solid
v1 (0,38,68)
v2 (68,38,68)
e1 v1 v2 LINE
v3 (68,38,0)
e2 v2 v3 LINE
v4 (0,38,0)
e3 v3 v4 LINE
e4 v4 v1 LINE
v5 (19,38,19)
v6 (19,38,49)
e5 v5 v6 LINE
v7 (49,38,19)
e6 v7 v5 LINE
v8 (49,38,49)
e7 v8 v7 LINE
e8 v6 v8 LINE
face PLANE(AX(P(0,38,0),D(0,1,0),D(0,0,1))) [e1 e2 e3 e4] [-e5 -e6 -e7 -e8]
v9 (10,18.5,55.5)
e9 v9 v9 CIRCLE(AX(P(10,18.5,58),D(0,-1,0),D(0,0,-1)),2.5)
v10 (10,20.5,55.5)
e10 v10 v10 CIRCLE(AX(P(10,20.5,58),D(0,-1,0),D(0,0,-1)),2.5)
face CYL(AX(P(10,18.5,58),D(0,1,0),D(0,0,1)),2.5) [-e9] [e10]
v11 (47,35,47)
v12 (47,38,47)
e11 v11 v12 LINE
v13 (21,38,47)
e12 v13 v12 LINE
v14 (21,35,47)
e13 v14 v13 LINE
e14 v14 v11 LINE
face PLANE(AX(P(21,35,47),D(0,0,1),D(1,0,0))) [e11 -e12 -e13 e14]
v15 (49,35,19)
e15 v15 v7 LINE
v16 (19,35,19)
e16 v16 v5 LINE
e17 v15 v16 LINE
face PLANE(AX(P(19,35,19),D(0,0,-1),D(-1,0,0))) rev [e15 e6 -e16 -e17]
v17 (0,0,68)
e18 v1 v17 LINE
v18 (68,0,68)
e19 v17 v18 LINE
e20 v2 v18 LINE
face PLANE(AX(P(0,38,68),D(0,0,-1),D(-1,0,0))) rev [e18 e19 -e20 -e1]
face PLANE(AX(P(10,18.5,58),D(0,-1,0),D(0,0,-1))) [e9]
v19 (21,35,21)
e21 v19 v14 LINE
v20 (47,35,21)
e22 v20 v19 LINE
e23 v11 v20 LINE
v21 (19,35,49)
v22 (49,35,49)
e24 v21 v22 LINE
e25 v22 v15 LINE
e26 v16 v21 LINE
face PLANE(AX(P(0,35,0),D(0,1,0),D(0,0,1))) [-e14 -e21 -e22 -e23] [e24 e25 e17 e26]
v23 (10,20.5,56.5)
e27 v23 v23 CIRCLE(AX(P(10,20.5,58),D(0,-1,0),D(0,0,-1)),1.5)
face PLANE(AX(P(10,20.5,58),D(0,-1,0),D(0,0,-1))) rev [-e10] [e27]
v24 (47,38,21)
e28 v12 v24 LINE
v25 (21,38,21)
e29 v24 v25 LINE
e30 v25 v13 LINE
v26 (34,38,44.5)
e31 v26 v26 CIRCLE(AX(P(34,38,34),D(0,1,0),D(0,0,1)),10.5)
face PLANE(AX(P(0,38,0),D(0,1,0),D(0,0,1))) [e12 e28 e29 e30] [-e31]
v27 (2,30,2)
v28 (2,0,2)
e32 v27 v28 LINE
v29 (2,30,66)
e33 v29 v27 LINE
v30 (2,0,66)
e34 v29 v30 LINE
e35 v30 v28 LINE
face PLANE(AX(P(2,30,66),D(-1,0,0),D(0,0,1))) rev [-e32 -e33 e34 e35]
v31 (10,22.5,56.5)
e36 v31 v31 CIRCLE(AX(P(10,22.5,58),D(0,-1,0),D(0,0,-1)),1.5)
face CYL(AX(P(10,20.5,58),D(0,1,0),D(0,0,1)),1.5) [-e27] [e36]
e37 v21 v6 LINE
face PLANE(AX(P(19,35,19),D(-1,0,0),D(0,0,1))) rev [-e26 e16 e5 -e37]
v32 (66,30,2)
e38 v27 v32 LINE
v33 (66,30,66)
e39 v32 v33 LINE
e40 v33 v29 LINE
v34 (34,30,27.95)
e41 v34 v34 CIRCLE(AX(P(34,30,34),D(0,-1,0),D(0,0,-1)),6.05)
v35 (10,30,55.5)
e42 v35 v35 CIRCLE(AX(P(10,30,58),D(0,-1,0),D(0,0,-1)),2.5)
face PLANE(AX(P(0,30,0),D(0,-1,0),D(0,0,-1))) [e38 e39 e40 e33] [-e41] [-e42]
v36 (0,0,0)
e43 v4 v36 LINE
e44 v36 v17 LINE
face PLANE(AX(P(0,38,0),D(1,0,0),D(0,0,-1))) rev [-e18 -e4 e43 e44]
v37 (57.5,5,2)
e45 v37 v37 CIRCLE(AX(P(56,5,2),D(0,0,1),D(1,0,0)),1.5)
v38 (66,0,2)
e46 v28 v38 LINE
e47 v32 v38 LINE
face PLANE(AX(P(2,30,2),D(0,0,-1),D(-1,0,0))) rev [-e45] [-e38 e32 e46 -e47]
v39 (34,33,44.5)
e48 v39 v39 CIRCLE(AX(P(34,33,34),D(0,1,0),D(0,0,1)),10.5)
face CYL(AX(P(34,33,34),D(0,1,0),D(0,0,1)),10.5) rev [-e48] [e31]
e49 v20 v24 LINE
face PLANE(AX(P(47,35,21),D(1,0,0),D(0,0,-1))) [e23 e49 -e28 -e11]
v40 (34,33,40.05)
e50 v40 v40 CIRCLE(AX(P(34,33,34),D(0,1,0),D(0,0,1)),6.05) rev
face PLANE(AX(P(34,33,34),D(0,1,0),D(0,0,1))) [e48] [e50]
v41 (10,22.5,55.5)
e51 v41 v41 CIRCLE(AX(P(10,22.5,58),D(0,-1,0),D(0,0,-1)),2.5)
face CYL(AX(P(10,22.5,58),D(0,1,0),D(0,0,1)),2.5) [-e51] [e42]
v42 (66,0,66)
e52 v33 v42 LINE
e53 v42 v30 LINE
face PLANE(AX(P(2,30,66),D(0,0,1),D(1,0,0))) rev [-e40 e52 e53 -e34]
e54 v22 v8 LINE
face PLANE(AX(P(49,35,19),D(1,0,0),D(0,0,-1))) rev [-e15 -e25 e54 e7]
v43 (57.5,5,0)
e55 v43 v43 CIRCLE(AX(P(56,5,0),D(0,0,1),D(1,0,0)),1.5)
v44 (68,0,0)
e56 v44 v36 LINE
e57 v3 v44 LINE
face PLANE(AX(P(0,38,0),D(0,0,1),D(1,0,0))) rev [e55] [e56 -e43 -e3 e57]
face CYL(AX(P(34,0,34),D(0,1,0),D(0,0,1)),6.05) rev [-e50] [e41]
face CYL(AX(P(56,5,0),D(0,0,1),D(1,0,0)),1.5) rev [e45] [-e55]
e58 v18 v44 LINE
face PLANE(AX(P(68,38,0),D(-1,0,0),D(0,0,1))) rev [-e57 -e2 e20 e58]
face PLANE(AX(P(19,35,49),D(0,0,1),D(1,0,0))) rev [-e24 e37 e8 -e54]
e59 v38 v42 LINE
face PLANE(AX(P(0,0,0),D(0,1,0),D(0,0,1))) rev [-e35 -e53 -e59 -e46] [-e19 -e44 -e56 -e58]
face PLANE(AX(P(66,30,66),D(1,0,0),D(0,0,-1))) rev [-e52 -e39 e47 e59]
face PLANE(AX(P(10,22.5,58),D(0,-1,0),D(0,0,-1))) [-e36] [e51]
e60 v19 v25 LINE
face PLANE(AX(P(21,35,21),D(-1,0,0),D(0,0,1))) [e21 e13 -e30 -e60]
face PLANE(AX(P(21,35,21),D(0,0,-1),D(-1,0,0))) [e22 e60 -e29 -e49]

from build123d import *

# Parameters (mm, degrees)
SKETCH2_W           = 68
SKETCH2_H           = 68
BOSS_EXTRUDE1_DEPTH = 38
SKETCH3_W           = 64
SKETCH3_H           = 64
CUT_EXTRUDE1_DEPTH  = 30
SKETCH5_W           = 30
SKETCH5_H           = 30
SKETCH5_W_2         = 26
SKETCH5_H_2         = 26
CUT_EXTRUDE2_DEPTH  = 3
SKETCH6_R           = 6.05
CUT_EXTRUDE3_DEPTH  = 39
SKETCH7_R           = 10.5
CUT_EXTRUDE4_DEPTH  = 5
SKETCH8_R           = 1.5
CUT_EXTRUDE5_DEPTH  = 3
SKETCH9_R           = 2.5
BOSS_EXTRUDE2_DEPTH = 7.5
SKETCH10_R          = 1.5
BOSS_EXTRUDE3_DEPTH = 2
SKETCH11_R          = 2.5
BOSS_EXTRUDE4_DEPTH = 2


with BuildPart() as part:
    # Sketch2 → Boss-Extrude1 (new body)
    with BuildSketch(Plane(origin=(0, 0, 0), x_dir=(1, 0, 0), z_dir=(0, 1, 0))):
        with Locations((34, -34)):
            Rectangle(SKETCH2_W, SKETCH2_H)
    extrude(amount=BOSS_EXTRUDE1_DEPTH)

    # Sketch3 → Cut-Extrude1 (cut)
    with BuildSketch(Plane.XZ):
        with Locations((34, 34)):
            Rectangle(SKETCH3_W, SKETCH3_H)
    extrude(amount=-CUT_EXTRUDE1_DEPTH, mode=Mode.SUBTRACT)

    # Sketch5 → Cut-Extrude2 (cut)
    with BuildSketch(Plane(origin=(0, 38, 0), x_dir=(1, 0, 0), z_dir=(0, 1, 0))):
        with Locations((34, -34)):
            Rectangle(SKETCH5_W, SKETCH5_H)
        with Locations((34, -34)):
            Rectangle(SKETCH5_W_2, SKETCH5_H_2, mode=Mode.SUBTRACT)
    extrude(amount=-CUT_EXTRUDE2_DEPTH, mode=Mode.SUBTRACT)

    # Sketch6 → Cut-Extrude3 (cut, through all)
    with BuildSketch(Plane(origin=(0, 38, 0), x_dir=(1, 0, 0), z_dir=(0, 1, 0))):
        with Locations((34, -34)):
            Circle(SKETCH6_R)
    extrude(amount=-CUT_EXTRUDE3_DEPTH, mode=Mode.SUBTRACT)

    # Sketch7 → Cut-Extrude4 (cut)
    with BuildSketch(Plane(origin=(0, 38, 0), x_dir=(1, 0, 0), z_dir=(0, 1, 0))):
        with Locations((34, -34)):
            Circle(SKETCH7_R)
    extrude(amount=-CUT_EXTRUDE4_DEPTH, mode=Mode.SUBTRACT)

    # Sketch8 → Cut-Extrude5 (cut, through all)
    with BuildSketch(Plane.XY.offset(2)):
        with Locations((56, 5)):
            Circle(SKETCH8_R)
    extrude(amount=-CUT_EXTRUDE5_DEPTH, mode=Mode.SUBTRACT)

    # Sketch9 → Boss-Extrude2 (add)
    with BuildSketch(Plane.XZ.offset(-30)):
        with Locations((10, 58)):
            Circle(SKETCH9_R)
    extrude(amount=BOSS_EXTRUDE2_DEPTH)

    # Sketch10 → Boss-Extrude3 (add)
    with BuildSketch(Plane.XZ.offset(-22.5)):
        with Locations((10, 58)):
            Circle(SKETCH10_R)
    extrude(amount=BOSS_EXTRUDE3_DEPTH)

    # Sketch11 → Boss-Extrude4 (add)
    with BuildSketch(Plane.XZ.offset(-20.5)):
        with Locations((10, 58)):
            Circle(SKETCH11_R)
    extrude(amount=BOSS_EXTRUDE4_DEPTH)


solid = part.part
